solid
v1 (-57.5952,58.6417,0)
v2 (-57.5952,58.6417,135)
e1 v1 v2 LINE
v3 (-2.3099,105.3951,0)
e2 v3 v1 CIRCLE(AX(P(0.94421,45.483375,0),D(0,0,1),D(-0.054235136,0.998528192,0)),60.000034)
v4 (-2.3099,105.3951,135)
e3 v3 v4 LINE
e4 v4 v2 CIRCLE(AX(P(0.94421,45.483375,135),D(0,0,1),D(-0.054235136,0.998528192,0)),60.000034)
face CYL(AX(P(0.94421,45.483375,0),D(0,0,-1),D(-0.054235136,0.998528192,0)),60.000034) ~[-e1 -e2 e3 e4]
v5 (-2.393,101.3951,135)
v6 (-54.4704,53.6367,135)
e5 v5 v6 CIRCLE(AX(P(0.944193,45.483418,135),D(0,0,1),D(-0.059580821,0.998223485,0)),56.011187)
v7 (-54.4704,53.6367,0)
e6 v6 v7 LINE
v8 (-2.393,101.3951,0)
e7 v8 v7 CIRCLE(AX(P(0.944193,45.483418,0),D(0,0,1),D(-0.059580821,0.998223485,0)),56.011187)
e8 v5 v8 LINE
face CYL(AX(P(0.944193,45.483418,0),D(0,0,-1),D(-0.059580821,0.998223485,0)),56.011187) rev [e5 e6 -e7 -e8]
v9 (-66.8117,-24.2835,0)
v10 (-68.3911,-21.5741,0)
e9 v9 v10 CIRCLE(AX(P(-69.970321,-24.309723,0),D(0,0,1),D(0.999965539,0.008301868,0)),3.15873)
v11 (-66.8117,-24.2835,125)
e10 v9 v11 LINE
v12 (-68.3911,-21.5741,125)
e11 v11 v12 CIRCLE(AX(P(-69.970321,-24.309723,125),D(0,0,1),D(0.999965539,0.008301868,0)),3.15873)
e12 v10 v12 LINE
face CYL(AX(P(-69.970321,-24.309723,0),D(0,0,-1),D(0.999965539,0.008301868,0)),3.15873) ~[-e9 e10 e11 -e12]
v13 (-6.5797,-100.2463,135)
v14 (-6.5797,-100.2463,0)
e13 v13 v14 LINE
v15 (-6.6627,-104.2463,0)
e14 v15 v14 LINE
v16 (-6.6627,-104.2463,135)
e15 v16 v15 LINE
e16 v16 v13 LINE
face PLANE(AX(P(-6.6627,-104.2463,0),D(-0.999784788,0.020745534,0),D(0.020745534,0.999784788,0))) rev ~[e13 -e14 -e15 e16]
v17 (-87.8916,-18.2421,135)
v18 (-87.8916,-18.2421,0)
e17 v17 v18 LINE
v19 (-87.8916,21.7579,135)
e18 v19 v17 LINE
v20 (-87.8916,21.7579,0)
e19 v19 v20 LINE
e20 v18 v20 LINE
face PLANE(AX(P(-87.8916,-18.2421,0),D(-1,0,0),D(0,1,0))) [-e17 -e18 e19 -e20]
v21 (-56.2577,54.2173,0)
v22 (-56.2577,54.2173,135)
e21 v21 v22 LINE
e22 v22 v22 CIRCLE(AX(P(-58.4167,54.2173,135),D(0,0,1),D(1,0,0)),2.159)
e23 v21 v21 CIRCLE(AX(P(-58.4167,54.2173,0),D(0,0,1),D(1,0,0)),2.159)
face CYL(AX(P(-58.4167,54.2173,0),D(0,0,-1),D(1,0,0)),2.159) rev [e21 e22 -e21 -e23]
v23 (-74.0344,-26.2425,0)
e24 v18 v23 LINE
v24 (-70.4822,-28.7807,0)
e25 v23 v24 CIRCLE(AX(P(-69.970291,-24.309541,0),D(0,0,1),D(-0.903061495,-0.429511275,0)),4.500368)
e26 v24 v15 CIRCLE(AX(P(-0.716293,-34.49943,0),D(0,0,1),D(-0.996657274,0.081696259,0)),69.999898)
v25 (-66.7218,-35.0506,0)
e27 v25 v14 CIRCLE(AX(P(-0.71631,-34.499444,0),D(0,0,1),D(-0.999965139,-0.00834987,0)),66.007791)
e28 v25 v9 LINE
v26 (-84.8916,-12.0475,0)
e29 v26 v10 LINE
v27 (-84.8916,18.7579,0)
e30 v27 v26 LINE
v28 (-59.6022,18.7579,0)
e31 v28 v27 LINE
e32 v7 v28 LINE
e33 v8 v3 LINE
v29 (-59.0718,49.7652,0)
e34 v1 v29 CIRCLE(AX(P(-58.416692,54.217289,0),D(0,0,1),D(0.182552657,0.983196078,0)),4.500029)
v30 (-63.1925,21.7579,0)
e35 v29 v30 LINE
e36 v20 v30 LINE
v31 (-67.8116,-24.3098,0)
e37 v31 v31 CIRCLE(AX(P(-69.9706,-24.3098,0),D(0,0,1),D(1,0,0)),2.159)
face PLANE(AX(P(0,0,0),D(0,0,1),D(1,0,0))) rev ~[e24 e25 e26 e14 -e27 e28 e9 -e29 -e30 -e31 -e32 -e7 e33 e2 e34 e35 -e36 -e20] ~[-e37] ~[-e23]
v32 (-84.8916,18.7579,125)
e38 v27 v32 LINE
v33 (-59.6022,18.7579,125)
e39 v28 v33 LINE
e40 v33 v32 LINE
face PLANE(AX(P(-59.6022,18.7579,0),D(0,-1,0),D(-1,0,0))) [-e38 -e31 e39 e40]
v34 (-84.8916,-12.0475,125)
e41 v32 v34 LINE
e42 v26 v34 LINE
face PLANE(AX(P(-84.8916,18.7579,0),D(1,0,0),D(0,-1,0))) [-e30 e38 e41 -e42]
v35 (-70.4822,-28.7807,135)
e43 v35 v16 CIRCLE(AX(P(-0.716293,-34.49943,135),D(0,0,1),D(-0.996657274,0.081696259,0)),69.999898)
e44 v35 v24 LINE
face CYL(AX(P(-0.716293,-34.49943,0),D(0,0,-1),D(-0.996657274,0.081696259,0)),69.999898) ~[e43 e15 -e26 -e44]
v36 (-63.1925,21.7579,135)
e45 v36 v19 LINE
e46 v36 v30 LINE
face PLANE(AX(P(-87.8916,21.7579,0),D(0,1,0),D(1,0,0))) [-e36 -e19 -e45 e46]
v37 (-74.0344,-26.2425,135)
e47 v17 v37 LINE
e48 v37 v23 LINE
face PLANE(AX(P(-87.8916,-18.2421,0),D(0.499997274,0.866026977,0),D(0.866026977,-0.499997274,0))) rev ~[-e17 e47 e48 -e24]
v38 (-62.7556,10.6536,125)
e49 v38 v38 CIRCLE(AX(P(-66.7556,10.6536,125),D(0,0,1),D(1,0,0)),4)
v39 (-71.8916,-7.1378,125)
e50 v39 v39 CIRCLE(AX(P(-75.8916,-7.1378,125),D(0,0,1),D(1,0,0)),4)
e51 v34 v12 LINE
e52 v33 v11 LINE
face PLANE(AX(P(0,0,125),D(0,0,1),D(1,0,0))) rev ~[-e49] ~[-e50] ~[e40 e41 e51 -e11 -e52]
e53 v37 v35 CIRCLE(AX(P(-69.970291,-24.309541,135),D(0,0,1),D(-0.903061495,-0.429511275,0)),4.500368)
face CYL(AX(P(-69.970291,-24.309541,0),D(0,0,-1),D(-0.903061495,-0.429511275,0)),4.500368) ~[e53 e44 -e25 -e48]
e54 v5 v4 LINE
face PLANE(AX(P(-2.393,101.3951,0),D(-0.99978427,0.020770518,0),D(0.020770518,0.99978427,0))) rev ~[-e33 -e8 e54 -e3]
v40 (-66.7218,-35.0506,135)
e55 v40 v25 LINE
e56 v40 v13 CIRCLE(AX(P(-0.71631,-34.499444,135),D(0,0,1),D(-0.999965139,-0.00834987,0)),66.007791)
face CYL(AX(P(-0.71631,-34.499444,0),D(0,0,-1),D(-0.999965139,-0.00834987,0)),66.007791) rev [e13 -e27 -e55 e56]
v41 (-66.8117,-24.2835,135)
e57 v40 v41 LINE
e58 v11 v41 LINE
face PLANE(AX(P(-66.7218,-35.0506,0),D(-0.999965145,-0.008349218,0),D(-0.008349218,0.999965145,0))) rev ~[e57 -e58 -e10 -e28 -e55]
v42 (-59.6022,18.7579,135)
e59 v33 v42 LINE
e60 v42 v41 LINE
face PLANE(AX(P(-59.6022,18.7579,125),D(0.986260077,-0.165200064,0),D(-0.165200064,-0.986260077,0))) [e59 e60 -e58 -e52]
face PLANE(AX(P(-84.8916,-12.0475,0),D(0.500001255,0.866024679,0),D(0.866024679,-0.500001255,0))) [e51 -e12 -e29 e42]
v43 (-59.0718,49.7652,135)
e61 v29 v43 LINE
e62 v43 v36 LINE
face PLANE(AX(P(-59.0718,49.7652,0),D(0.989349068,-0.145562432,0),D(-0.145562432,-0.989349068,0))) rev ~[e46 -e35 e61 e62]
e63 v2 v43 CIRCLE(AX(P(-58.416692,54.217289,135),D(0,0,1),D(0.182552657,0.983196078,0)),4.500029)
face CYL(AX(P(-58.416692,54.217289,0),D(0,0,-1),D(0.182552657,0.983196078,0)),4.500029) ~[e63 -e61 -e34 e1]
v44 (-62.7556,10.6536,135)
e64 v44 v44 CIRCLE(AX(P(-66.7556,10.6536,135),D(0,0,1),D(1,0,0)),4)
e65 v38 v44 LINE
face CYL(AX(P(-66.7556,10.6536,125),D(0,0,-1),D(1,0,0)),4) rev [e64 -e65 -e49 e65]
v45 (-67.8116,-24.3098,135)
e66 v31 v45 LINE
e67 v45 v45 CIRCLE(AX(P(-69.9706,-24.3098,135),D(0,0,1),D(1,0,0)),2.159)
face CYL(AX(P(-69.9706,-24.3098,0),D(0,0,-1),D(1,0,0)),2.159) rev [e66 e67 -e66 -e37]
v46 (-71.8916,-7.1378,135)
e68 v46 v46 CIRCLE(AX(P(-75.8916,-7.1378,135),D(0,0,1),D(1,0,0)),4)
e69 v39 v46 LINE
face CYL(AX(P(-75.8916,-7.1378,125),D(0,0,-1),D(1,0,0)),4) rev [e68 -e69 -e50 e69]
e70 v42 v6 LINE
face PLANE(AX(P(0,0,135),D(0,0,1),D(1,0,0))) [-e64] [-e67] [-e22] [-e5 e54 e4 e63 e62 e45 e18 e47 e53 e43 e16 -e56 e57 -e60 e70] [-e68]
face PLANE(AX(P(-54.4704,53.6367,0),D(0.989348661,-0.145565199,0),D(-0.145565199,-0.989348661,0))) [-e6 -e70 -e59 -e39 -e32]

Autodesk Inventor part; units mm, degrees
ref_plane "YZ Plane" through (0, 0, 0) normal (1, 0, 0) x (0, 1, 0)
ref_plane "XZ Plane" through (0, 0, 0) normal (0, 1, 0) x (-1, 0, 0)
ref_plane "Work Plane1" through (0, 0, 0) normal (0, 0, 1) x (1, 0, 0)
sketch "Sketch1" plane through (0, 0, 0) normal (0, 0, 1) x (1, 0, 0)
  circle A0 centre (-55.8916, -14.7421) radius 1.397 projected
  circle A1 centre (-83.8916, 18.2579) radius 1.397 construction
  circle A2 centre (-83.8916, -14.7421) radius 1.397 construction
  circle A3 centre (-55.8916, 18.2579) radius 1.397 projected
  circle A4 centre (2.1895, 105.4705) radius 2.159 projected
  circle A5 centre (-2.169, -104.4843) radius 2.159 projected
  circle A6 centre (60.6164, 51.7463) radius 2.159 projected
  circle A7 centre (-58.4167, 54.2173) radius 2.159 projected
  arc A8 (6.6818, 105.2084) -> (-2.3099, 105.3951) centre (2.1895, 105.4705) ccw projected
  arc A9 (-2.3099, 105.3951) -> (-57.5952, 58.6417) centre (0.9442, 45.4834) ccw projected
  arc A10 (-57.5952, 58.6417) -> (-59.0718, 49.7652) centre (-58.4167, 54.2173) ccw projected
  line L0 (-59.0718, 49.7652) -> (-63.1925, 21.7579) projected
  line L1 (-87.8916, 21.7579) -> (-63.1925, 21.7579) projected
  line L2 (-87.8916, -18.2421) -> (-87.8916, 21.7579) projected
  line L3 (-87.8916, -18.2421) -> (-74.0344, -26.2425) projected
  arc A11 (-74.0344, -26.2425) -> (-70.4822, -28.7807) centre (-69.9706, -24.3098) ccw projected
  arc A12 (-70.4822, -28.7807) -> (-6.6627, -104.2463) centre (-0.7162, -34.4994) ccw projected
  arc A13 (-6.6627, -104.2463) -> (2.3307, -104.433) centre (-2.169, -104.4843) ccw projected
  arc A14 (2.3307, -104.433) -> (69.2271, -31.6809) centre (-0.7162, -34.4994) ccw projected
  arc A15 (69.2271, -31.6809) -> (68.4317, -22.7173) centre (68.9014, -27.1927) ccw projected
  line L4 (68.4317, -22.7173) -> (61.0862, 47.2708) projected
  arc A16 (61.0862, 47.2708) -> (59.9792, 56.2009) centre (60.6164, 51.7463) ccw projected
  arc A17 (59.9792, 56.2009) -> (6.6818, 105.2084) centre (0.9442, 45.4834) ccw projected
  circle A18 centre (-69.9706, -24.3098) radius 2.159 projected
  circle A19 centre (68.9014, -27.1927) radius 2.159 projected
  circle A20 centre (0.9442, 45.4834) radius 17.5 projected
  circle A21 centre (-0.7162, -34.4994) radius 17.5 projected
  circle A22 centre (-66.7556, 10.6536) radius 4 projected
  circle A23 centre (-75.8916, -7.1378) radius 4 projected
  circle A24 centre (68.9014, -27.1927) radius 2.159 construction
  circle A25 centre (60.6164, 51.7463) radius 2.159 construction
  circle A26 centre (-2.169, -104.4843) radius 2.159 construction
  circle A27 centre (2.1895, 105.4705) radius 2.159 construction
  arc A28 (6.6818, 105.2084) -> (-2.3099, 105.3951) centre (2.1895, 105.4705) ccw construction
  arc A29 (59.9792, 56.2009) -> (6.6818, 105.2084) centre (0.9442, 45.4834) ccw construction
  arc A30 (61.0862, 47.2708) -> (59.9792, 56.2009) centre (60.6164, 51.7463) ccw construction
  line L5 (61.0862, 47.2708) -> (68.4317, -22.7173) construction
  arc A31 (69.2271, -31.6809) -> (68.4317, -22.7173) centre (68.9014, -27.1927) ccw construction
  arc A32 (2.3307, -104.433) -> (69.2271, -31.6809) centre (-0.7162, -34.4994) ccw construction
  arc A33 (-6.6627, -104.2463) -> (2.3307, -104.433) centre (-2.169, -104.4843) ccw construction
  line L6 (-6.6627, -104.2463) -> (-6.5797, -100.2463) construction
  arc A34 (-6.5797, -100.2463) -> (64.9314, -27.6121) centre (-0.7162, -34.4994) ccw construction
  line L7 (64.9314, -27.6121) -> (56.6497, 51.3276) construction
  arc A35 (56.6497, 51.3276) -> (-2.393, 101.3951) centre (0.9442, 45.4834) ccw construction
  line L8 (-2.393, 101.3951) -> (-2.3099, 105.3951) construction
  line L9 (-6.6627, -104.2463) -> (-6.5797, -100.2463)
  line L10 (-2.393, 101.3951) -> (-2.3099, 105.3951)
  arc A36 (-2.393, 101.3951) -> (-54.4704, 53.6367) centre (0.9442, 45.4834) ccw
  line L11 (-54.4704, 53.6367) -> (-59.6022, 18.7579)
  line L12 (-59.6022, 18.7579) -> (-84.8916, 18.7579)
  line L13 (-84.8916, 18.7579) -> (-84.8916, -12.0475)
  arc A37 (-66.7218, -35.0506) -> (-6.5797, -100.2463) centre (-0.7162, -34.4994) ccw
  arc A38 (-66.8117, -24.2835) -> (-68.3911, -21.5741) centre (-69.9706, -24.3098) ccw
  line L14 (-66.7218, -35.0506) -> (-66.8117, -24.2835)
  line L15 (-84.8916, -12.0475) -> (-68.3911, -21.5741)
  point P0 (0, 0)
  dimension "d0" = 1
  dimension "d1" = 3
  dimension "d2" = 3
extrude "Extrusion1" add sketch "Sketch1" along normal blind 125 contours L10 A36 L11 L12 L13 L15 A38 L14 A37 L9 A12 A11 L3 L2 L1 L0 A10 A9
sketch "Sketch2" plane through (0, 0, 125) normal (0, 0, 1) x (1, 0, 0)
  circle A0 centre (-69.9706, -24.3098) radius 2.159 projected
  circle A1 centre (-58.4167, 54.2173) radius 2.159 projected
  arc A2 (-2.3099, 105.3951) -> (-57.5952, 58.6417) centre (0.9442, 45.4834) ccw projected
  arc A3 (-57.5952, 58.6417) -> (-59.0718, 49.7652) centre (-58.4167, 54.2173) ccw projected
  line L0 (-59.0718, 49.7652) -> (-63.1925, 21.7579) projected
  line L1 (-63.1925, 21.7579) -> (-87.8916, 21.7579) projected
  line L2 (-87.8916, 21.7579) -> (-87.8916, -18.2421) projected
  line L3 (-87.8916, -18.2421) -> (-74.0344, -26.2425) projected
  arc A4 (-74.0344, -26.2425) -> (-70.4822, -28.7807) centre (-69.9706, -24.3098) ccw projected
  arc A5 (-70.4822, -28.7807) -> (-6.6627, -104.2463) centre (-0.7162, -34.4994) ccw projected
  line L4 (-6.6627, -104.2463) -> (-6.5797, -100.2463) projected
  arc A6 (-66.7218, -35.0506) -> (-6.5797, -100.2463) centre (-0.7162, -34.4994) ccw projected
  line L5 (-66.7218, -35.0506) -> (-66.8117, -24.2835) projected
  arc A7 (-66.8117, -24.2835) -> (-68.3911, -21.5741) centre (-69.9706, -24.3098) ccw projected
  line L6 (-68.3911, -21.5741) -> (-84.8916, -12.0475) projected
  line L7 (-84.8916, -12.0475) -> (-84.8916, 18.7579) projected
  line L8 (-84.8916, 18.7579) -> (-59.6022, 18.7579) projected
  line L9 (-59.6022, 18.7579) -> (-54.4704, 53.6367) projected
  arc A8 (-2.393, 101.3951) -> (-54.4704, 53.6367) centre (0.9442, 45.4834) ccw projected
  line L10 (-2.393, 101.3951) -> (-2.3099, 105.3951) projected
  circle A9 centre (-66.7556, 10.6536) radius 4 projected
  circle A10 centre (-75.8916, -7.1378) radius 4 projected
  line L11 (-66.7218, -35.0506) -> (-66.8117, -24.2835) projected
  line L12 (-59.6022, 18.7579) -> (-66.8117, -24.2835)
  point P0 (0, 0)
ref_plane "Work Plane2" through (-78.4932, -111.5319, 135) normal (0, 0, -1) x (0, 1, 0)
extrude "Extrusion2" add sketch "Sketch2" along normal up to surface (10 mm away)
properties part number "case top half"
